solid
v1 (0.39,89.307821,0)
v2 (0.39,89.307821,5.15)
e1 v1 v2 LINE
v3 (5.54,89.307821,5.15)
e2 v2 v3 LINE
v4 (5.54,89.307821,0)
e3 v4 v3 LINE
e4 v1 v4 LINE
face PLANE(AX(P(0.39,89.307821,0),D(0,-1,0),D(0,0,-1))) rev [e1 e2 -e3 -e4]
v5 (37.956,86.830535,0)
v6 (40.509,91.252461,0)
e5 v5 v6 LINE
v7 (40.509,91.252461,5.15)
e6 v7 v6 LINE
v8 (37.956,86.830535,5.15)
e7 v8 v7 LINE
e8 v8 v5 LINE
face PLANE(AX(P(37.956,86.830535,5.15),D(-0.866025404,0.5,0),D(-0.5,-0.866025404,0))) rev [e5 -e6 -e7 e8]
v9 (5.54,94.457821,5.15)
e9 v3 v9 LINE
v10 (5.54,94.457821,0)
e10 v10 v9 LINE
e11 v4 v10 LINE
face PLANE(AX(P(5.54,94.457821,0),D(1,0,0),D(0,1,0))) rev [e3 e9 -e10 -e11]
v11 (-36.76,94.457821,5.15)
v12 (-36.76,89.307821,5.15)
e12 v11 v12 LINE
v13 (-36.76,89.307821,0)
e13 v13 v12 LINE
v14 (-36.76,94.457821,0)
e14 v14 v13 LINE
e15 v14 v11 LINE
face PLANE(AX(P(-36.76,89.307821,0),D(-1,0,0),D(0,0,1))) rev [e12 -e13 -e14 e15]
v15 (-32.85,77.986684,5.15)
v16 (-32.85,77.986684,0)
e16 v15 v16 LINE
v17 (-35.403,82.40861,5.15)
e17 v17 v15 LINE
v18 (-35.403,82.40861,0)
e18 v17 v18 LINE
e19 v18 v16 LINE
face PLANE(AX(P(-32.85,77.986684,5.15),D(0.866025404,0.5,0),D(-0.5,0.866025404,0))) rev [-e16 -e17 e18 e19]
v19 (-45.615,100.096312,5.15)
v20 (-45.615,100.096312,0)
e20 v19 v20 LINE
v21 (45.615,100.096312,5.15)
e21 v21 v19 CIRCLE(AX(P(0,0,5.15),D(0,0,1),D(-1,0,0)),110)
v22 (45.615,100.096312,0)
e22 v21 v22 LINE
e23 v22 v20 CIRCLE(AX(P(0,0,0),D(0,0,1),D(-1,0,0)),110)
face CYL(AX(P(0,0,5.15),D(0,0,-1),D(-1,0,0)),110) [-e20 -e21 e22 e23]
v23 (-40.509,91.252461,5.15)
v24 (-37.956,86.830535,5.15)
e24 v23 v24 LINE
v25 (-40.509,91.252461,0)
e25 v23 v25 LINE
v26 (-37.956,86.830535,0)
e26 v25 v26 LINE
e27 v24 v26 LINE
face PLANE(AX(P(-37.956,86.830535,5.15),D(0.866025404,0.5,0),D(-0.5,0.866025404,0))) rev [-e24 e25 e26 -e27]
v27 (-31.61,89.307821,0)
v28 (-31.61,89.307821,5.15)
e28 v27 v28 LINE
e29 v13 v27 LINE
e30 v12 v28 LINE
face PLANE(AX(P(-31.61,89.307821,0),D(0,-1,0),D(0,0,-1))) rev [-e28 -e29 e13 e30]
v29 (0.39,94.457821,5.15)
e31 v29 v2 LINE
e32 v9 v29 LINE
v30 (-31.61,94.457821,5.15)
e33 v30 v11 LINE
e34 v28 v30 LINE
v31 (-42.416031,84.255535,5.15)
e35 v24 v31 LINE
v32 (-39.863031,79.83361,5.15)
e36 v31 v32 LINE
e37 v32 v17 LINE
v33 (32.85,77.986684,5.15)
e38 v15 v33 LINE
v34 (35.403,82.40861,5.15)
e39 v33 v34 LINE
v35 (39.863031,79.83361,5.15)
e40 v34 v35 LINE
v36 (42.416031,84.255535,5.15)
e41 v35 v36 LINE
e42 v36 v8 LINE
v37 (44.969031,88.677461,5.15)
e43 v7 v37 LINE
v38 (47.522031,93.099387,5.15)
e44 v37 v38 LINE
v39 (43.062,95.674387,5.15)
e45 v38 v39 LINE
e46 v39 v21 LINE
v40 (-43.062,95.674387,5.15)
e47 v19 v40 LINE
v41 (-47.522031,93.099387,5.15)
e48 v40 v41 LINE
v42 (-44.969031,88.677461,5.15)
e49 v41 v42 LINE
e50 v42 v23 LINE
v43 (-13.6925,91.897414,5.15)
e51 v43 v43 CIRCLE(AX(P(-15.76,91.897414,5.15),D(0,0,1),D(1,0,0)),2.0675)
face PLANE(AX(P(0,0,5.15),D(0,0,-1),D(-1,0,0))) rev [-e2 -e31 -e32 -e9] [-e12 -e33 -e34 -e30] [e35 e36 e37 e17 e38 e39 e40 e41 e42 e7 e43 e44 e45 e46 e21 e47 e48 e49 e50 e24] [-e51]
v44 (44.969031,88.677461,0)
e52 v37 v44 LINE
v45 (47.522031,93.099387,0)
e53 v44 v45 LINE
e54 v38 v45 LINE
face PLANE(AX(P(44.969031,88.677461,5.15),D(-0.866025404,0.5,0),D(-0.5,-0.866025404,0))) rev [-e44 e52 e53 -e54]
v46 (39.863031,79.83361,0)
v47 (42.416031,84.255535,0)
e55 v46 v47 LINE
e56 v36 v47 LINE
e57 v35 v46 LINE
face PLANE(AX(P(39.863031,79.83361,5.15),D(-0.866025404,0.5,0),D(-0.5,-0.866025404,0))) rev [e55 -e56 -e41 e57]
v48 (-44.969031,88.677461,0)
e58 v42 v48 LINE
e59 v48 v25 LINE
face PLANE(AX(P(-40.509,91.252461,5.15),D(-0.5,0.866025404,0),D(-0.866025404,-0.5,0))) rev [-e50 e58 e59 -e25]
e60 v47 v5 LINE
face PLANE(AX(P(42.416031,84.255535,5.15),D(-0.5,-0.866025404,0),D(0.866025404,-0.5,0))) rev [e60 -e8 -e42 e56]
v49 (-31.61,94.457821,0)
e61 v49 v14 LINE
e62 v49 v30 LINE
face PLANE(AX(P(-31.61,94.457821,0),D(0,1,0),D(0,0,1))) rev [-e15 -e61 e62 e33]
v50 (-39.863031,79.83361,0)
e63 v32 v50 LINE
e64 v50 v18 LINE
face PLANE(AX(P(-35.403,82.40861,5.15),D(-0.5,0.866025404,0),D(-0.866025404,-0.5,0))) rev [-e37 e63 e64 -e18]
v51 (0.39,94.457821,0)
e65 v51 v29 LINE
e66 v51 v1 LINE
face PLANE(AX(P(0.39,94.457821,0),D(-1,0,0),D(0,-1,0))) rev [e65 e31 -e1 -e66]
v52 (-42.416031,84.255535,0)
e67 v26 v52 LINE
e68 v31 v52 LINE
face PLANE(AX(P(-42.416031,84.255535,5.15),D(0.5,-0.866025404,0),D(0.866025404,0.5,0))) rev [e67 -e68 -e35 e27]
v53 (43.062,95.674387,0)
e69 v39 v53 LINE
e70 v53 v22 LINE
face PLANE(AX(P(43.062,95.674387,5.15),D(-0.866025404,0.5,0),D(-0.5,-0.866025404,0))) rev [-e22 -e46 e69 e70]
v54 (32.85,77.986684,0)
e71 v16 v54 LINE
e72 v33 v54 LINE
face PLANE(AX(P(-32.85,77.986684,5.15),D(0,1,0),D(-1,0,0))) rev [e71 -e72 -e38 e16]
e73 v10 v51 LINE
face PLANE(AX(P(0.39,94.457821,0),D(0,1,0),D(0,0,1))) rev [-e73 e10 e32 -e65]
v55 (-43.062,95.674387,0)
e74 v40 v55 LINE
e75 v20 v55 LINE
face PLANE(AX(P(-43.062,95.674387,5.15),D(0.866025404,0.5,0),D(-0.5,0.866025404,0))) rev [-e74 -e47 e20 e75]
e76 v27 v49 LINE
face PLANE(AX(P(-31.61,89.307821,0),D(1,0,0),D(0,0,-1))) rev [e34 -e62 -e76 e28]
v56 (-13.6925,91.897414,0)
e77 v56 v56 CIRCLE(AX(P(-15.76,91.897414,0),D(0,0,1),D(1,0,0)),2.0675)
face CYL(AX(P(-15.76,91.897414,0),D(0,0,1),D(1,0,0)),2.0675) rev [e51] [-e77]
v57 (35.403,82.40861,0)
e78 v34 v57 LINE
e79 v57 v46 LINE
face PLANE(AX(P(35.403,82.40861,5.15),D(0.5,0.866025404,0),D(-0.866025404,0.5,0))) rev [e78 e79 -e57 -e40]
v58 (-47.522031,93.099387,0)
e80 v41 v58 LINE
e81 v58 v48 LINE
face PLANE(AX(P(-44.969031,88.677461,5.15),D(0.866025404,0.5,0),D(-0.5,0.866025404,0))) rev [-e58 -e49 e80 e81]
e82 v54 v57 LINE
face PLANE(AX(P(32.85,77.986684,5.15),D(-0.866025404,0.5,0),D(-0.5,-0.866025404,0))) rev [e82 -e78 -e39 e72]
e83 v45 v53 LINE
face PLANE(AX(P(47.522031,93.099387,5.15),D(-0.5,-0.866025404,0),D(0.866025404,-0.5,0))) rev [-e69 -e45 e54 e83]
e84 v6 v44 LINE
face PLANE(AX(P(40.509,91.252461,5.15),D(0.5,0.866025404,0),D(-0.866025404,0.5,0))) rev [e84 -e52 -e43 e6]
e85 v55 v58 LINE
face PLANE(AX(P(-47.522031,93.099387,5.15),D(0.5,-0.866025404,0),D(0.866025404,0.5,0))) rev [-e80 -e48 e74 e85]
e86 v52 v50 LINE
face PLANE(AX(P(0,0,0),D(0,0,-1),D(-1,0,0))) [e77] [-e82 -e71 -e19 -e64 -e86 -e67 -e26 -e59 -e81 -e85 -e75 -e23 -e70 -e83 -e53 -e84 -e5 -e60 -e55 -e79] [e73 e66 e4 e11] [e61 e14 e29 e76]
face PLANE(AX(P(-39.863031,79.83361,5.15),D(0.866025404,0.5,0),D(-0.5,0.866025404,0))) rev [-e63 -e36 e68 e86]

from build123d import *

# Parameters (mm, degrees)
BOSS_EXTRUDE1_DEPTH = 5.15
SKETCH2_R           = 2.0675
SKETCH2_W           = 5.15
SKETCH2_H           = 5.15
CUT_EXTRUDE1_DEPTH  = 6.15


with BuildPart() as part:
    # Sketch1 → Boss-Extrude1 (new body)
    with BuildSketch(Plane.XY):
        with BuildLine():
            Line((-32.85, 77.986683936), (32.85, 77.986683936))
            Line((32.85, 77.986683936), (35.403, 82.408609648))
            Line((35.403, 82.408609648), (39.863030829, 79.833609648))
            Line((39.863030829, 79.833609648), (42.416030829, 84.255535359))
            Line((42.416030829, 84.255535359), (37.956, 86.830535359))
            Line((37.956, 86.830535359), (40.509, 91.252461071))
            Line((40.509, 91.252461071), (44.969030829, 88.677461071))
            Line((44.969030829, 88.677461071), (47.522030829, 93.099386783))
            Line((47.522030829, 93.099386783), (43.062, 95.674386783))
            Line((43.062, 95.674386783), (45.615, 100.096312495))
            ThreePointArc((45.615, 100.096312495), (0, 110), (-45.615, 100.096312495))
            Line((-45.615, 100.096312495), (-43.062, 95.674386783))
            Line((-43.062, 95.674386783), (-47.522030829, 93.099386783))
            Line((-47.522030829, 93.099386783), (-44.969030829, 88.677461071))
            Line((-44.969030829, 88.677461071), (-40.509, 91.252461071))
            Line((-40.509, 91.252461071), (-37.956, 86.830535359))
            Line((-37.956, 86.830535359), (-42.416030829, 84.255535359))
            Line((-42.416030829, 84.255535359), (-39.863030829, 79.833609648))
            Line((-39.863030829, 79.833609648), (-35.403, 82.408609648))
            Line((-35.403, 82.408609648), (-32.85, 77.986683936))
        make_face()
    extrude(amount=BOSS_EXTRUDE1_DEPTH)

    # Sketch2 → Cut-Extrude1 (cut, through all)
    with BuildSketch(Plane.XY.offset(5.15)):
        with Locations((-15.76, 91.897414387)):
            Circle(SKETCH2_R)
        with Locations((2.965, 91.882821113)):
            Rectangle(SKETCH2_W, SKETCH2_H)
        with Locations((-34.185, 91.882821113)):
            Rectangle(SKETCH2_W, SKETCH2_H)
    extrude(amount=-CUT_EXTRUDE1_DEPTH, mode=Mode.SUBTRACT)


solid = part.part
